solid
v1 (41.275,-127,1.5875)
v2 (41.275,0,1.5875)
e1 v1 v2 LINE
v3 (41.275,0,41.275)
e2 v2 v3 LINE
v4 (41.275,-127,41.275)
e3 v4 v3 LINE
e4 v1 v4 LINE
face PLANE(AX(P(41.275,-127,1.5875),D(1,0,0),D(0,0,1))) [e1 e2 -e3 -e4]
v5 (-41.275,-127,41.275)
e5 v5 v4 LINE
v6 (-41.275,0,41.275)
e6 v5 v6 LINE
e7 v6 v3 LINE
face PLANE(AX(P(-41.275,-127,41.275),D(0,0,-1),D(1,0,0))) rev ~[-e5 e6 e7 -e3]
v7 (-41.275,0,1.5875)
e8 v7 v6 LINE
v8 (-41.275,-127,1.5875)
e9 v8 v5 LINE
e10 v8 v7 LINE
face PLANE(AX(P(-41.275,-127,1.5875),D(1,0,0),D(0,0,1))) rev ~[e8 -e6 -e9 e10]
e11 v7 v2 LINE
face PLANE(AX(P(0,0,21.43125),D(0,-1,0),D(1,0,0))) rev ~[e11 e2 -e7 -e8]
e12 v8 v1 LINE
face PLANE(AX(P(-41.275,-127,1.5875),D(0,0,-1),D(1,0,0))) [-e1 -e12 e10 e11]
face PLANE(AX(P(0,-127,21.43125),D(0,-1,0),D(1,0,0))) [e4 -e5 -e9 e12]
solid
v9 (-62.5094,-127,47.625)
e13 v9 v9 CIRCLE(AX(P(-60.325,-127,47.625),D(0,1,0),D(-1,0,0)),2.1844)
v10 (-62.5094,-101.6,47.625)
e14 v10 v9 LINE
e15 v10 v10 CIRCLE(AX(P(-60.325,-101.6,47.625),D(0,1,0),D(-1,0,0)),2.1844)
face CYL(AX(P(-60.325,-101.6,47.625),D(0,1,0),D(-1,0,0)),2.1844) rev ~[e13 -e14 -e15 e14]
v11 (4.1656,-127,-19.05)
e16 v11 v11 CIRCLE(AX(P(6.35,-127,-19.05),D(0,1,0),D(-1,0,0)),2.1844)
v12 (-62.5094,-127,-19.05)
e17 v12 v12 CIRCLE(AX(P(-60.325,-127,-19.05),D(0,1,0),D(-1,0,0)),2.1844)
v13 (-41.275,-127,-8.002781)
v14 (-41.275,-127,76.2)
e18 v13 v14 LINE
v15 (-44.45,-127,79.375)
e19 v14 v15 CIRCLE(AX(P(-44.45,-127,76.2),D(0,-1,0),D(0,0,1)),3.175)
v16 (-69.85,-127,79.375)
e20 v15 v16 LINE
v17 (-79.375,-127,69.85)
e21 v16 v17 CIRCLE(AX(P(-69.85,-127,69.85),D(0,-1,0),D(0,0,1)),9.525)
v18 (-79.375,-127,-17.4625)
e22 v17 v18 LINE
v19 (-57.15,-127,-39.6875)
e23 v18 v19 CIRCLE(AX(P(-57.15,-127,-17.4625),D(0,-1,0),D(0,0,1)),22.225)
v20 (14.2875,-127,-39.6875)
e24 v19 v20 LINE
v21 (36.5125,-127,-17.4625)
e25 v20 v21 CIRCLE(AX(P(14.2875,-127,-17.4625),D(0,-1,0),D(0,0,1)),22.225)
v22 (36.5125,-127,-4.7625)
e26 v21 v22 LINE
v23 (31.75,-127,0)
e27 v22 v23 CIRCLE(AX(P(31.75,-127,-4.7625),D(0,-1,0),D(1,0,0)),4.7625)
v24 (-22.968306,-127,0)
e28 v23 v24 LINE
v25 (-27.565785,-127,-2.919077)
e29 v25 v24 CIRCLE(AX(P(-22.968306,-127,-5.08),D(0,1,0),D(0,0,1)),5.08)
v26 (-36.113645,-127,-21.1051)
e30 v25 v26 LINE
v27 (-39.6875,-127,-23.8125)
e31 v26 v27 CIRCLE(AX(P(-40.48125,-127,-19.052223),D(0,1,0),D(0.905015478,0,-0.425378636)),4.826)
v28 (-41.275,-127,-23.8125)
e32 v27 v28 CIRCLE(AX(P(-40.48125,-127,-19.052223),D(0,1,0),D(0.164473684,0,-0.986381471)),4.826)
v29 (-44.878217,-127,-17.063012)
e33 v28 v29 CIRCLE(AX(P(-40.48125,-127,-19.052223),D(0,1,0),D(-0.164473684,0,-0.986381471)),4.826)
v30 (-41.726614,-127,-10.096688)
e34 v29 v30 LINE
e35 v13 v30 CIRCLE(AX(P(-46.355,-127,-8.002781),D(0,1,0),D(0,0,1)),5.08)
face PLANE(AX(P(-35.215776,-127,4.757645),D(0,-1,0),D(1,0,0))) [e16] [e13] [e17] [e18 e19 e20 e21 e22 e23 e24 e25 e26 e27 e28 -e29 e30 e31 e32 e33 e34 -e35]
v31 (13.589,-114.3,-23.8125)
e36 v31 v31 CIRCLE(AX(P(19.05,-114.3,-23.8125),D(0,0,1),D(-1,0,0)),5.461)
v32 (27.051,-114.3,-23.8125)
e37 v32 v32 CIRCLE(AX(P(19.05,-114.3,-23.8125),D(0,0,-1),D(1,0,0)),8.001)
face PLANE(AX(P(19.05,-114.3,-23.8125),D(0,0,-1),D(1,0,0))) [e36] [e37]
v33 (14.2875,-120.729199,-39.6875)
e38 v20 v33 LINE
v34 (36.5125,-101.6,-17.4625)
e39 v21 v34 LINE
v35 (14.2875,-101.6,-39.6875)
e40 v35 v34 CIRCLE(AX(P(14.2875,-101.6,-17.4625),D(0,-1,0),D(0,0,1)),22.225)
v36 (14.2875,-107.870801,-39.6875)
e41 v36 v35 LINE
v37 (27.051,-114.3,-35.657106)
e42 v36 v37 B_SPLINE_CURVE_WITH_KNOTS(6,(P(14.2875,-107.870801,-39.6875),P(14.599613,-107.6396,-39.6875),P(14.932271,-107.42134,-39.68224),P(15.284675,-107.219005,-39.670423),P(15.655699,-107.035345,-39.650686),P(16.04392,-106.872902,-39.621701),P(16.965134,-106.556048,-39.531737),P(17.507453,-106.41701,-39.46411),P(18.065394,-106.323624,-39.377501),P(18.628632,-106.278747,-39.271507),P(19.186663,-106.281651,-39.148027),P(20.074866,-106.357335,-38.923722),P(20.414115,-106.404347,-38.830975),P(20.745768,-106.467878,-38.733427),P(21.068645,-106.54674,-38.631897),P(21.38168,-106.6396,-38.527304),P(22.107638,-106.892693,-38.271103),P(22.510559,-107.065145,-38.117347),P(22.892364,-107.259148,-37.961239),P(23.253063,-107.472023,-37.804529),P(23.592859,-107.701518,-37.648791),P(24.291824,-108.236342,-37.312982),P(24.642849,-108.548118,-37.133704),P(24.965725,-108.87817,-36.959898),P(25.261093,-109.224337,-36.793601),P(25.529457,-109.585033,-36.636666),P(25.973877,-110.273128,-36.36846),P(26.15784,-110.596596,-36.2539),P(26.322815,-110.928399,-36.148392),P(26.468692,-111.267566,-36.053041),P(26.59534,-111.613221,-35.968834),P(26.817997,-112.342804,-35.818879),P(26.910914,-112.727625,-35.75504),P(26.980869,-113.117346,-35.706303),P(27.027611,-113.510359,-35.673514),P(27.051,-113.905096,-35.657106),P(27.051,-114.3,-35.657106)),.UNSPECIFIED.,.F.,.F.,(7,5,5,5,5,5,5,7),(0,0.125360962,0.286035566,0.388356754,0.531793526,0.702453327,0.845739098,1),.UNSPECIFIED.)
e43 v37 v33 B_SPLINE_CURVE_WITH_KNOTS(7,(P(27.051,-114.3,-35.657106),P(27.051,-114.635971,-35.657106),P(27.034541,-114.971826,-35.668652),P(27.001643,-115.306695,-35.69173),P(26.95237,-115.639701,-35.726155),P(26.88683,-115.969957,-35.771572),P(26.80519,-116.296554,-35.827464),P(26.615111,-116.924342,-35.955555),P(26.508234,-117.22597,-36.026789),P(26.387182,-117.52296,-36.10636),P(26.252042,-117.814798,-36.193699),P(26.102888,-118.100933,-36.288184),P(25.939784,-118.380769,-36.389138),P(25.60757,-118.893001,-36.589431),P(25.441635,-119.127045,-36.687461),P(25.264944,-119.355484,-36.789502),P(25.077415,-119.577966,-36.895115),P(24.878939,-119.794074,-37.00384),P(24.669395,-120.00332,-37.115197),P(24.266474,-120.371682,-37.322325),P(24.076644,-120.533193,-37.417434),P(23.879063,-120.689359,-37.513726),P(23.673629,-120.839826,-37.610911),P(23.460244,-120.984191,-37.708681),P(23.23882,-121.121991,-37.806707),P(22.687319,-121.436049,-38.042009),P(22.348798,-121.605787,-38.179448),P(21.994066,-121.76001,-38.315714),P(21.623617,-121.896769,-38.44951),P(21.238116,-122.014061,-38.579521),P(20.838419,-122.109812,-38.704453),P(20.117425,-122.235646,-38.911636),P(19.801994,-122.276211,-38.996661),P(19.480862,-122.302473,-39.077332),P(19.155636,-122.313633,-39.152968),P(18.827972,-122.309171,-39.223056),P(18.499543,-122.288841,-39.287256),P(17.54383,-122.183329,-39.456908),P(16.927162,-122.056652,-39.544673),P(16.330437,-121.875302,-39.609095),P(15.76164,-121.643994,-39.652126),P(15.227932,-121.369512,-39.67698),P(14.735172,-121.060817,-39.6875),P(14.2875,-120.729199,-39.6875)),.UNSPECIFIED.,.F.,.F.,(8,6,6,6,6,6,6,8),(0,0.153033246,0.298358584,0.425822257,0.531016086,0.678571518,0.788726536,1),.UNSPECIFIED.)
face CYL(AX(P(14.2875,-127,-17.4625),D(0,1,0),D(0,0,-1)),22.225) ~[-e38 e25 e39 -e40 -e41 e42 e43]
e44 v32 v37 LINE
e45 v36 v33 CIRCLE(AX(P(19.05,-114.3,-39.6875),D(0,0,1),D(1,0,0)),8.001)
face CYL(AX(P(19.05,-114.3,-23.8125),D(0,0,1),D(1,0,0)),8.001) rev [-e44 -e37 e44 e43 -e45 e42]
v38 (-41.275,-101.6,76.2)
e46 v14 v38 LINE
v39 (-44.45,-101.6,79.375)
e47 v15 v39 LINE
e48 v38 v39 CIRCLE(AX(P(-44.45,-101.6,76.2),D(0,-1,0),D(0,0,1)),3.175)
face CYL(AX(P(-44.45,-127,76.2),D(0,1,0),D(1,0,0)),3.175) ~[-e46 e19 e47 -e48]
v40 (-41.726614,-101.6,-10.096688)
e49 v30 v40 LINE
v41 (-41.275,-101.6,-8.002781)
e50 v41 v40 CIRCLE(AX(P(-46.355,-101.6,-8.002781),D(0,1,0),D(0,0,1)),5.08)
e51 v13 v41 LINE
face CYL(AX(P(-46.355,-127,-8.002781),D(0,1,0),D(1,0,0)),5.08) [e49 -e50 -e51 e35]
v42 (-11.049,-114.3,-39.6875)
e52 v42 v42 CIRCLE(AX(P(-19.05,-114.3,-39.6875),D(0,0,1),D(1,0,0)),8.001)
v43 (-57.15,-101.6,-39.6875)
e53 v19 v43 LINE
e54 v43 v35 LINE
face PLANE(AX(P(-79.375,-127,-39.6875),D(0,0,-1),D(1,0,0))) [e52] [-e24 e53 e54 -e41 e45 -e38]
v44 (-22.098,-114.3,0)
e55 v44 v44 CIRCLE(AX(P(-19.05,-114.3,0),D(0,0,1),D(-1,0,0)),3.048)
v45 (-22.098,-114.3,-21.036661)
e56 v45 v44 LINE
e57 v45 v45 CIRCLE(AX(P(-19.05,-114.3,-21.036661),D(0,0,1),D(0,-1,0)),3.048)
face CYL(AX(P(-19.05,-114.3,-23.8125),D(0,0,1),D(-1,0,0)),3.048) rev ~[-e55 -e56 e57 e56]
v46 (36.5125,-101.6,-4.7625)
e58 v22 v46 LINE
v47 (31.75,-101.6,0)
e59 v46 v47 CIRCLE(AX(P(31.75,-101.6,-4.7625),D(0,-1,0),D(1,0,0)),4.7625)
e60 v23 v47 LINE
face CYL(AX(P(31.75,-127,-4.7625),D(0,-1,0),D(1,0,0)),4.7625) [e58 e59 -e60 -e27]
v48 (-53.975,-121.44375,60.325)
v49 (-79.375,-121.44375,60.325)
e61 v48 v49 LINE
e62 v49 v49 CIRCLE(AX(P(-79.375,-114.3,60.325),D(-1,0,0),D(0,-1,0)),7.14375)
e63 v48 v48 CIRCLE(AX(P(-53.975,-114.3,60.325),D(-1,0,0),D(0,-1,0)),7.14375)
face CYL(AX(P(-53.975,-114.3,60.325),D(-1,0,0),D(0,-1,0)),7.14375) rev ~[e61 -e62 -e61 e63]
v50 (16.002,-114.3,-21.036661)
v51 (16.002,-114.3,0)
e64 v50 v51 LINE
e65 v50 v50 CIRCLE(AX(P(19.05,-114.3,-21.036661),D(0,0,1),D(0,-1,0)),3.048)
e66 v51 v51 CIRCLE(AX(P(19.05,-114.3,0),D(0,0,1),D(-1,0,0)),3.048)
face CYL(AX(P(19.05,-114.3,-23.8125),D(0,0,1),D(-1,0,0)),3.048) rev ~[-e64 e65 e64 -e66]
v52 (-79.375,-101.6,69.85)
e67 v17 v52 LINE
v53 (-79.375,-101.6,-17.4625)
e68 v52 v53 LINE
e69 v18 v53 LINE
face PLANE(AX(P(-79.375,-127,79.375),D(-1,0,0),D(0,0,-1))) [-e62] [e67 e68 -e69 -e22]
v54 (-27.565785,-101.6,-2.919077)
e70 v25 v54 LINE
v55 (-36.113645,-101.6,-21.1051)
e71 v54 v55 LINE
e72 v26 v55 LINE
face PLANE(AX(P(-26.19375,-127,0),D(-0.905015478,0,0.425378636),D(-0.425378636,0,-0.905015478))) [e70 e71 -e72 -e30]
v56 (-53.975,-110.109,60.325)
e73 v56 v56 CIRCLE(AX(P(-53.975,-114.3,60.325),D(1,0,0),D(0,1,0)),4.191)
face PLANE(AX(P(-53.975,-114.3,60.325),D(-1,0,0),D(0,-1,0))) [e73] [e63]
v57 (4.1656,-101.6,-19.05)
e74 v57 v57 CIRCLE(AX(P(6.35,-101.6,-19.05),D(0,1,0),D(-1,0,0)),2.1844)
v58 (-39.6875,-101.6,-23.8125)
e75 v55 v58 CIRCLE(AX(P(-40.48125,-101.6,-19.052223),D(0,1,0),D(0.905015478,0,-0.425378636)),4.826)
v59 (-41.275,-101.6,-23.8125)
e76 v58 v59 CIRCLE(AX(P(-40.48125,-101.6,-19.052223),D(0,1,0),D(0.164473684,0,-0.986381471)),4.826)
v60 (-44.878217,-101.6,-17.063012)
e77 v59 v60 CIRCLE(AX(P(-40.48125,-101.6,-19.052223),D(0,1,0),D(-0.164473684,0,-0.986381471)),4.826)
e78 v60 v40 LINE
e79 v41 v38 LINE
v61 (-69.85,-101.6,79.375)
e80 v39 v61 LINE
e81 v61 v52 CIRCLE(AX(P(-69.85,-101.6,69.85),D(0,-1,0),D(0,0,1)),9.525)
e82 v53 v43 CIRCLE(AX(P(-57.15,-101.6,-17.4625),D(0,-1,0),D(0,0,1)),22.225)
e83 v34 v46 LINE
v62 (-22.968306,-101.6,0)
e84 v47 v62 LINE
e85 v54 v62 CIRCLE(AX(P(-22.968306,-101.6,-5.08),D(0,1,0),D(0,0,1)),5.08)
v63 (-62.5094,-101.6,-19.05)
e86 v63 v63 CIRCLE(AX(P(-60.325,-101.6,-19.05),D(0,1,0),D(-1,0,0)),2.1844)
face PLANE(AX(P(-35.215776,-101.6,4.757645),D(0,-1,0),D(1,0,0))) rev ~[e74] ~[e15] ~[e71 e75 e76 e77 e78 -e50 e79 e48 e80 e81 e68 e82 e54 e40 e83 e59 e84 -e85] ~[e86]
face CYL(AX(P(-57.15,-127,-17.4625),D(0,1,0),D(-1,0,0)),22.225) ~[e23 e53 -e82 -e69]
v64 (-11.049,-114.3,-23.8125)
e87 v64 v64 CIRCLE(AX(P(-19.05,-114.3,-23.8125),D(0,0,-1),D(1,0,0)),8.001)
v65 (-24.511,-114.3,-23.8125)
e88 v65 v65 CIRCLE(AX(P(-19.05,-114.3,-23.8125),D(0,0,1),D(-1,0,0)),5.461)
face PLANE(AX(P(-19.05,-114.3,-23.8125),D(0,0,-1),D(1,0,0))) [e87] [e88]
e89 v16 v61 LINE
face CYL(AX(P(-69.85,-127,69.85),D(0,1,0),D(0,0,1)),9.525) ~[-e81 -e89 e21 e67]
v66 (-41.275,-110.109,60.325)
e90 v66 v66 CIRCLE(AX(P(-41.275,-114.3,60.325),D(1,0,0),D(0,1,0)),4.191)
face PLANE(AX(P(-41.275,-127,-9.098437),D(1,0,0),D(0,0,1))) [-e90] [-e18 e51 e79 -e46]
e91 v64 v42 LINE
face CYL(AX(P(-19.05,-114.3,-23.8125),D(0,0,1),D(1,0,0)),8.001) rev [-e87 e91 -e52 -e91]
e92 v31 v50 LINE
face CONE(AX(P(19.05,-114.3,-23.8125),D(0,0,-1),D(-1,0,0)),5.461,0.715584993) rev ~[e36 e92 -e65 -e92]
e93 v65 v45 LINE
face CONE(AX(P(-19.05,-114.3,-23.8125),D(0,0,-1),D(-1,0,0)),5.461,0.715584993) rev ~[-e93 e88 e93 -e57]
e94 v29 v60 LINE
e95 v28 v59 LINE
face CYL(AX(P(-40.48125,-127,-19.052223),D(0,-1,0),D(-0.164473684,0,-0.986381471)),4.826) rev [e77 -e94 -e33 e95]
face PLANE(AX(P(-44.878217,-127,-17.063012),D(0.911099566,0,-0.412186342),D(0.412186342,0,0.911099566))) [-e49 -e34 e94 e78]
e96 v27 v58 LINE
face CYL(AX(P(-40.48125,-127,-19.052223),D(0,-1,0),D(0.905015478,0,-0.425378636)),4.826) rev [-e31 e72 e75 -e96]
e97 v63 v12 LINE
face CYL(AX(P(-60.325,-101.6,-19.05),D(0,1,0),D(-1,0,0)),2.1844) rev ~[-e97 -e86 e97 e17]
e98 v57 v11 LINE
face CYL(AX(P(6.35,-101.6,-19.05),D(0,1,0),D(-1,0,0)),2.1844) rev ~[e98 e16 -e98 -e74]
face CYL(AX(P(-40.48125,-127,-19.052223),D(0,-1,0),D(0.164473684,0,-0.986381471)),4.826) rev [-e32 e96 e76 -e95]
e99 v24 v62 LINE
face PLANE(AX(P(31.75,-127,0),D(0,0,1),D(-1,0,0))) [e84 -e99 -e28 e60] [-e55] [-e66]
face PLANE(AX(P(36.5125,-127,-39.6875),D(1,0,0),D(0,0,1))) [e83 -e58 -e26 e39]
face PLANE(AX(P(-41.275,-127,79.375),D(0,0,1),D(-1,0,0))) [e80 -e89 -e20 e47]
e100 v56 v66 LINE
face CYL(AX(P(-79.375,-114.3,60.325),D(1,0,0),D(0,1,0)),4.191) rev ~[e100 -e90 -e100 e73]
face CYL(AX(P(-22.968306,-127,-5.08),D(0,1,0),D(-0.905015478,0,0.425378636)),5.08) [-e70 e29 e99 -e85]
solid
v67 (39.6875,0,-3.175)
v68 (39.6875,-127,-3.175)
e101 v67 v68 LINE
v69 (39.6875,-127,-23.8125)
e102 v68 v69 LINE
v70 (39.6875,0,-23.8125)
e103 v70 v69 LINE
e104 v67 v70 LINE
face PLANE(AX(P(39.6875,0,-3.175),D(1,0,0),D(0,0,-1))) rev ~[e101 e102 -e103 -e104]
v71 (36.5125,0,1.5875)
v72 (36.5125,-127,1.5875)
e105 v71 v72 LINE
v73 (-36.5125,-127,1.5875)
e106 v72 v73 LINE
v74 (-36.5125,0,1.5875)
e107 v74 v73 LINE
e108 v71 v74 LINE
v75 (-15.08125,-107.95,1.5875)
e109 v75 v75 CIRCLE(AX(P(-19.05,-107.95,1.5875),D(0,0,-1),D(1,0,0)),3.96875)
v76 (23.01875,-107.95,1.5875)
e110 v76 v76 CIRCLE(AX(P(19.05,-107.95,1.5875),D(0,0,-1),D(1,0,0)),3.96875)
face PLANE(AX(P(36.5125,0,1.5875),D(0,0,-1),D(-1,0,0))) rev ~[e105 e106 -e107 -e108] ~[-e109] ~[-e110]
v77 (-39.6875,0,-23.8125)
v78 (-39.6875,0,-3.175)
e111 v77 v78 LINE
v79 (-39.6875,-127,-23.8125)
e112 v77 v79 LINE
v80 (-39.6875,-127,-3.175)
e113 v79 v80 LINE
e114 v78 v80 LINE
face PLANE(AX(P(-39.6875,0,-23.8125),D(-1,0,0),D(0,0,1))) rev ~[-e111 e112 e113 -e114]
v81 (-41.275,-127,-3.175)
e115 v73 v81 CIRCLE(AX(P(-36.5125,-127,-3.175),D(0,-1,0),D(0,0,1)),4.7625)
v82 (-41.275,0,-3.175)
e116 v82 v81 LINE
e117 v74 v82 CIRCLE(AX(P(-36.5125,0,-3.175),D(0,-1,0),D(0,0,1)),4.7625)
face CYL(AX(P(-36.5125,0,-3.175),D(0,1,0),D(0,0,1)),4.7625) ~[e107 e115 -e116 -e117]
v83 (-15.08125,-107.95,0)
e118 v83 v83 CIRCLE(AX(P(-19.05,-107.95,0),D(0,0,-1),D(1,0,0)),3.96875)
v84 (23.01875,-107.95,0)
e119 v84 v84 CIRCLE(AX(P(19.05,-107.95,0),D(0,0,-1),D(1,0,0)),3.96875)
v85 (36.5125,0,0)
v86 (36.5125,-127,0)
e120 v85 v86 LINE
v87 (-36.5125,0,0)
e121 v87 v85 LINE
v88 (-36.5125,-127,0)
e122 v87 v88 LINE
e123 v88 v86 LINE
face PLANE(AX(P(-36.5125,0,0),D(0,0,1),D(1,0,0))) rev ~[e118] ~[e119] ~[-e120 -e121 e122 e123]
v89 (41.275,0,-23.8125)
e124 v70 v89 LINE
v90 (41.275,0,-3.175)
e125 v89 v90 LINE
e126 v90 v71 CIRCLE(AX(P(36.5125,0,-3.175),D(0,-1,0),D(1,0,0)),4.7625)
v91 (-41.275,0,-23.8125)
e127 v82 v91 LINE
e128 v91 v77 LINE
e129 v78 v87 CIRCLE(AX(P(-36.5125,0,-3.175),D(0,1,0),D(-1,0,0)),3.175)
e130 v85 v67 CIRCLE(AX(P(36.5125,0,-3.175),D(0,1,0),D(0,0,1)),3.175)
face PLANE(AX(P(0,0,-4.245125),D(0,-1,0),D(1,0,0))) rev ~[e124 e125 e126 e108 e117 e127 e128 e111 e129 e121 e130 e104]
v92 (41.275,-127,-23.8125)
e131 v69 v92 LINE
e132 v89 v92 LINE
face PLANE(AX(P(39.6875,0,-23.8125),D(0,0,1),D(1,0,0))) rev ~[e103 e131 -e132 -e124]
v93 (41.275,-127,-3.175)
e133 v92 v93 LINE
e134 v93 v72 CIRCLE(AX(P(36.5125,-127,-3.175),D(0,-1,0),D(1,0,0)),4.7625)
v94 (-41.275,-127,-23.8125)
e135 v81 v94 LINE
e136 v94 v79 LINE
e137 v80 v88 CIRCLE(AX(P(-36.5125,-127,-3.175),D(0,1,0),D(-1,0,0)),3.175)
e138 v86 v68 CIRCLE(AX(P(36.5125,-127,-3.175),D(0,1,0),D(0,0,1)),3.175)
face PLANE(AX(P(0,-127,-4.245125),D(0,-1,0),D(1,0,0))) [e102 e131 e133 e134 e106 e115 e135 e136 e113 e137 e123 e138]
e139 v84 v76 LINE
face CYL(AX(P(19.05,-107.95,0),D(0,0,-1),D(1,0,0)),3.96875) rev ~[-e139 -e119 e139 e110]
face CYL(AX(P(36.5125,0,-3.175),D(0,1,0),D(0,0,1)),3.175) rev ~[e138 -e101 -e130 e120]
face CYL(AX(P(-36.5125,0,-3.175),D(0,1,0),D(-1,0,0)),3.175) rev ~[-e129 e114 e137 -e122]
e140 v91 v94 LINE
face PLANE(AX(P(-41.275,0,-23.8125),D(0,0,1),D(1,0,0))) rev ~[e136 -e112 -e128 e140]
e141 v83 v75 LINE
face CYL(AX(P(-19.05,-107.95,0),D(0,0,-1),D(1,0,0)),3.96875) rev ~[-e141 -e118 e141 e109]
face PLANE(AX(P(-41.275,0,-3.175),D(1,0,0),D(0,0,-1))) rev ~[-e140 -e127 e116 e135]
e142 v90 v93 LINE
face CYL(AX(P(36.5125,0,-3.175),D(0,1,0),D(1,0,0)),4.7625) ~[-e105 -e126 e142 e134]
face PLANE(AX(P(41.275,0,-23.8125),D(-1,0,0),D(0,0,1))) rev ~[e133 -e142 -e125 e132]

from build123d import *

# Parameters (mm, degrees)
F1_DEPTH        = 127
F2_W            = 82.55
F2_H            = 39.6875
F3_DEPTH        = 127
F4_R            = 3.96875
F5_DEPTH        = 25.4
F7_DEPTH        = 25.4
F8_R            = 22.225
F10_R           = 8.001
F11_DEPTH       = 25.4
F12_D           = 6.096
F12_CSINK_D     = 10.922
F12_CSINK_ANGLE = 82
F13_R           = 3.175
F14_R           = 9.525
F16_D           = 8.382
F16_CBORE_D     = 14.2875
F16_CBORE_DEPTH = 25.4
F17_R           = 5.08
F18_R           = 2.1844
F19_DEPTH       = 25.4010001


with BuildPart() as f1:
    # F0 (on Front) → F1 (new body)
    with BuildSketch(Plane.XZ):
        with BuildLine():
            Line((39.6875, -23.8125), (41.275, -23.8125))
            Line((41.275, -23.8125), (41.275, -3.175))
            ThreePointArc((41.275, -3.175), (39.8800960454, 0.1925960454), (36.5125, 1.5875))
            Line((36.5125, 1.5875), (-36.5125, 1.5875))
            ThreePointArc((-36.5125, 1.5875), (-39.8800960454, 0.1925960454), (-41.275, -3.175))
            Line((-41.275, -3.175), (-41.275, -23.8125))
            Line((-41.275, -23.8125), (-39.6875, -23.8125))
            Line((-39.6875, -23.8125), (-39.6875, -3.175))
            ThreePointArc((-39.6875, -3.175), (-38.7575640303, -0.9299359697), (-36.5125, 0))
            Line((-36.5125, 0), (36.5125, 0))
            ThreePointArc((36.5125, 0), (38.7575640303, -0.9299359697), (39.6875, -3.175))
            Line((39.6875, -3.175), (39.6875, -23.8125))
        make_face()
    extrude(amount=F1_DEPTH)

    # F4 (on face) → F5 (cut)
    with BuildSketch(Plane(origin=(0, 0, 0), x_dir=(1, 0, 0), z_dir=(0, 0, -1))):
        with Locations((-19.05, 107.95)):
            Circle(F4_R)
        with Locations((19.05, 107.95)):
            Circle(F4_R)
    extrude(amount=-F5_DEPTH, mode=Mode.SUBTRACT)


with BuildPart() as f3:
    # F2 (on face) → F3 (new body, through all)
    with BuildSketch(Plane.XZ.offset(127)):
        with Locations((0, 21.43125)):
            Rectangle(F2_W, F2_H)
    extrude(amount=-F3_DEPTH)


with BuildPart() as f7:
    # F6 (on face) → F7 (new body)
    with BuildSketch(Plane.XZ.offset(127)):
        with BuildLine():
            Line((-41.275, -3.175), (-41.275, 79.375))
            Line((-41.275, 79.375), (-79.375, 79.375))
            Line((-79.375, 79.375), (-79.375, -39.6875))
            Line((-79.375, -39.6875), (36.5125, -39.6875))
            Line((36.5125, -39.6875), (36.5125, -4.7625))
            ThreePointArc((36.5125, -4.7625), (35.1175960454, -1.3949039546), (31.75, 0))
            Line((31.75, 0), (-26.19375, 0))
            Line((-26.19375, 0), (-36.1136453021, -21.1051003173))
            ThreePointArc((-36.1136453021, -21.1051003173), (-37.5670779324, -22.8990239183), (-39.6875, -23.8125))
            ThreePointArc((-39.6875, -23.8125), (-40.48125, -23.8782230188), (-41.275, -23.8125))
            ThreePointArc((-41.275, -23.8125), (-44.7385710396, -21.3249952393), (-44.8782165057, -17.063011731))
            Line((-44.8782165057, -17.063011731), (-41.275, -9.0984368335))
            Line((-41.275, -9.0984368335), (-41.275, -3.175))
        make_face()
    extrude(amount=-F7_DEPTH)

    # F8
    f8_edges = [f7.edges().sort_by_distance(p)[0] for p in [
        (-79.375, -114.3, -39.6875),
        (36.5125, -114.3, -39.6875),
    ]]
    fillet(f8_edges, radius=F8_R)

    # F10 (on offset) → F11 (cut)
    with BuildSketch(Plane(origin=(0, 0, -23.8125), x_dir=(1, 0, 0), z_dir=(0, 0, -1))):
        with Locations((-19.05, 114.3)):
            Circle(F10_R)
        with Locations((19.05, 114.3)):
            Circle(F10_R)
    extrude(amount=F11_DEPTH, mode=Mode.SUBTRACT)

    # F12 (through all)
    with Locations(Plane(origin=(0, 0, -23.8125), x_dir=(1, 0, 0), z_dir=(0, 0, -1))):
        with Locations((-19.05, 114.3), (19.05, 114.3)):
            CounterSinkHole(F12_D / 2, F12_CSINK_D / 2, counter_sink_angle=F12_CSINK_ANGLE)

    # F13
    f13_edges = [f7.edges().sort_by_distance(p)[0] for p in [
        (-41.275, -114.3, 79.375),
    ]]
    fillet(f13_edges, radius=F13_R)

    # F14
    f14_edges = [f7.edges().sort_by_distance(p)[0] for p in [
        (-79.375, -114.3, 79.375),
    ]]
    fillet(f14_edges, radius=F14_R)

    # F16 (through all)
    with Locations(Plane(origin=(-79.375, 0, 0), x_dir=(0, -1, 0), z_dir=(-1, 0, 0))):
        with Locations((114.3, 60.325)):
            CounterBoreHole(F16_D / 2, F16_CBORE_D / 2, F16_CBORE_DEPTH)

    # F17
    f17_edges = [f7.edges().sort_by_distance(p)[0] for p in [
        (-41.275, -114.3, -9.098437),
        (-26.19375, -114.3, 0),
    ]]
    fillet(f17_edges, radius=F17_R)

    # F18 (on face) → F19 (cut, through all)
    with BuildSketch(Plane(origin=(0, -101.6, 0), x_dir=(-1, 0, 0), z_dir=(0, 1, 0))):
        with Locations((60.325, 47.625)):
            Circle(F18_R)
        with Locations((60.325, -19.05)):
            Circle(F18_R)
        with Locations((-6.35, -19.05)):
            Circle(F18_R)
    extrude(amount=-F19_DEPTH, mode=Mode.SUBTRACT)


solid = Compound([f1.part, f3.part, f7.part])
